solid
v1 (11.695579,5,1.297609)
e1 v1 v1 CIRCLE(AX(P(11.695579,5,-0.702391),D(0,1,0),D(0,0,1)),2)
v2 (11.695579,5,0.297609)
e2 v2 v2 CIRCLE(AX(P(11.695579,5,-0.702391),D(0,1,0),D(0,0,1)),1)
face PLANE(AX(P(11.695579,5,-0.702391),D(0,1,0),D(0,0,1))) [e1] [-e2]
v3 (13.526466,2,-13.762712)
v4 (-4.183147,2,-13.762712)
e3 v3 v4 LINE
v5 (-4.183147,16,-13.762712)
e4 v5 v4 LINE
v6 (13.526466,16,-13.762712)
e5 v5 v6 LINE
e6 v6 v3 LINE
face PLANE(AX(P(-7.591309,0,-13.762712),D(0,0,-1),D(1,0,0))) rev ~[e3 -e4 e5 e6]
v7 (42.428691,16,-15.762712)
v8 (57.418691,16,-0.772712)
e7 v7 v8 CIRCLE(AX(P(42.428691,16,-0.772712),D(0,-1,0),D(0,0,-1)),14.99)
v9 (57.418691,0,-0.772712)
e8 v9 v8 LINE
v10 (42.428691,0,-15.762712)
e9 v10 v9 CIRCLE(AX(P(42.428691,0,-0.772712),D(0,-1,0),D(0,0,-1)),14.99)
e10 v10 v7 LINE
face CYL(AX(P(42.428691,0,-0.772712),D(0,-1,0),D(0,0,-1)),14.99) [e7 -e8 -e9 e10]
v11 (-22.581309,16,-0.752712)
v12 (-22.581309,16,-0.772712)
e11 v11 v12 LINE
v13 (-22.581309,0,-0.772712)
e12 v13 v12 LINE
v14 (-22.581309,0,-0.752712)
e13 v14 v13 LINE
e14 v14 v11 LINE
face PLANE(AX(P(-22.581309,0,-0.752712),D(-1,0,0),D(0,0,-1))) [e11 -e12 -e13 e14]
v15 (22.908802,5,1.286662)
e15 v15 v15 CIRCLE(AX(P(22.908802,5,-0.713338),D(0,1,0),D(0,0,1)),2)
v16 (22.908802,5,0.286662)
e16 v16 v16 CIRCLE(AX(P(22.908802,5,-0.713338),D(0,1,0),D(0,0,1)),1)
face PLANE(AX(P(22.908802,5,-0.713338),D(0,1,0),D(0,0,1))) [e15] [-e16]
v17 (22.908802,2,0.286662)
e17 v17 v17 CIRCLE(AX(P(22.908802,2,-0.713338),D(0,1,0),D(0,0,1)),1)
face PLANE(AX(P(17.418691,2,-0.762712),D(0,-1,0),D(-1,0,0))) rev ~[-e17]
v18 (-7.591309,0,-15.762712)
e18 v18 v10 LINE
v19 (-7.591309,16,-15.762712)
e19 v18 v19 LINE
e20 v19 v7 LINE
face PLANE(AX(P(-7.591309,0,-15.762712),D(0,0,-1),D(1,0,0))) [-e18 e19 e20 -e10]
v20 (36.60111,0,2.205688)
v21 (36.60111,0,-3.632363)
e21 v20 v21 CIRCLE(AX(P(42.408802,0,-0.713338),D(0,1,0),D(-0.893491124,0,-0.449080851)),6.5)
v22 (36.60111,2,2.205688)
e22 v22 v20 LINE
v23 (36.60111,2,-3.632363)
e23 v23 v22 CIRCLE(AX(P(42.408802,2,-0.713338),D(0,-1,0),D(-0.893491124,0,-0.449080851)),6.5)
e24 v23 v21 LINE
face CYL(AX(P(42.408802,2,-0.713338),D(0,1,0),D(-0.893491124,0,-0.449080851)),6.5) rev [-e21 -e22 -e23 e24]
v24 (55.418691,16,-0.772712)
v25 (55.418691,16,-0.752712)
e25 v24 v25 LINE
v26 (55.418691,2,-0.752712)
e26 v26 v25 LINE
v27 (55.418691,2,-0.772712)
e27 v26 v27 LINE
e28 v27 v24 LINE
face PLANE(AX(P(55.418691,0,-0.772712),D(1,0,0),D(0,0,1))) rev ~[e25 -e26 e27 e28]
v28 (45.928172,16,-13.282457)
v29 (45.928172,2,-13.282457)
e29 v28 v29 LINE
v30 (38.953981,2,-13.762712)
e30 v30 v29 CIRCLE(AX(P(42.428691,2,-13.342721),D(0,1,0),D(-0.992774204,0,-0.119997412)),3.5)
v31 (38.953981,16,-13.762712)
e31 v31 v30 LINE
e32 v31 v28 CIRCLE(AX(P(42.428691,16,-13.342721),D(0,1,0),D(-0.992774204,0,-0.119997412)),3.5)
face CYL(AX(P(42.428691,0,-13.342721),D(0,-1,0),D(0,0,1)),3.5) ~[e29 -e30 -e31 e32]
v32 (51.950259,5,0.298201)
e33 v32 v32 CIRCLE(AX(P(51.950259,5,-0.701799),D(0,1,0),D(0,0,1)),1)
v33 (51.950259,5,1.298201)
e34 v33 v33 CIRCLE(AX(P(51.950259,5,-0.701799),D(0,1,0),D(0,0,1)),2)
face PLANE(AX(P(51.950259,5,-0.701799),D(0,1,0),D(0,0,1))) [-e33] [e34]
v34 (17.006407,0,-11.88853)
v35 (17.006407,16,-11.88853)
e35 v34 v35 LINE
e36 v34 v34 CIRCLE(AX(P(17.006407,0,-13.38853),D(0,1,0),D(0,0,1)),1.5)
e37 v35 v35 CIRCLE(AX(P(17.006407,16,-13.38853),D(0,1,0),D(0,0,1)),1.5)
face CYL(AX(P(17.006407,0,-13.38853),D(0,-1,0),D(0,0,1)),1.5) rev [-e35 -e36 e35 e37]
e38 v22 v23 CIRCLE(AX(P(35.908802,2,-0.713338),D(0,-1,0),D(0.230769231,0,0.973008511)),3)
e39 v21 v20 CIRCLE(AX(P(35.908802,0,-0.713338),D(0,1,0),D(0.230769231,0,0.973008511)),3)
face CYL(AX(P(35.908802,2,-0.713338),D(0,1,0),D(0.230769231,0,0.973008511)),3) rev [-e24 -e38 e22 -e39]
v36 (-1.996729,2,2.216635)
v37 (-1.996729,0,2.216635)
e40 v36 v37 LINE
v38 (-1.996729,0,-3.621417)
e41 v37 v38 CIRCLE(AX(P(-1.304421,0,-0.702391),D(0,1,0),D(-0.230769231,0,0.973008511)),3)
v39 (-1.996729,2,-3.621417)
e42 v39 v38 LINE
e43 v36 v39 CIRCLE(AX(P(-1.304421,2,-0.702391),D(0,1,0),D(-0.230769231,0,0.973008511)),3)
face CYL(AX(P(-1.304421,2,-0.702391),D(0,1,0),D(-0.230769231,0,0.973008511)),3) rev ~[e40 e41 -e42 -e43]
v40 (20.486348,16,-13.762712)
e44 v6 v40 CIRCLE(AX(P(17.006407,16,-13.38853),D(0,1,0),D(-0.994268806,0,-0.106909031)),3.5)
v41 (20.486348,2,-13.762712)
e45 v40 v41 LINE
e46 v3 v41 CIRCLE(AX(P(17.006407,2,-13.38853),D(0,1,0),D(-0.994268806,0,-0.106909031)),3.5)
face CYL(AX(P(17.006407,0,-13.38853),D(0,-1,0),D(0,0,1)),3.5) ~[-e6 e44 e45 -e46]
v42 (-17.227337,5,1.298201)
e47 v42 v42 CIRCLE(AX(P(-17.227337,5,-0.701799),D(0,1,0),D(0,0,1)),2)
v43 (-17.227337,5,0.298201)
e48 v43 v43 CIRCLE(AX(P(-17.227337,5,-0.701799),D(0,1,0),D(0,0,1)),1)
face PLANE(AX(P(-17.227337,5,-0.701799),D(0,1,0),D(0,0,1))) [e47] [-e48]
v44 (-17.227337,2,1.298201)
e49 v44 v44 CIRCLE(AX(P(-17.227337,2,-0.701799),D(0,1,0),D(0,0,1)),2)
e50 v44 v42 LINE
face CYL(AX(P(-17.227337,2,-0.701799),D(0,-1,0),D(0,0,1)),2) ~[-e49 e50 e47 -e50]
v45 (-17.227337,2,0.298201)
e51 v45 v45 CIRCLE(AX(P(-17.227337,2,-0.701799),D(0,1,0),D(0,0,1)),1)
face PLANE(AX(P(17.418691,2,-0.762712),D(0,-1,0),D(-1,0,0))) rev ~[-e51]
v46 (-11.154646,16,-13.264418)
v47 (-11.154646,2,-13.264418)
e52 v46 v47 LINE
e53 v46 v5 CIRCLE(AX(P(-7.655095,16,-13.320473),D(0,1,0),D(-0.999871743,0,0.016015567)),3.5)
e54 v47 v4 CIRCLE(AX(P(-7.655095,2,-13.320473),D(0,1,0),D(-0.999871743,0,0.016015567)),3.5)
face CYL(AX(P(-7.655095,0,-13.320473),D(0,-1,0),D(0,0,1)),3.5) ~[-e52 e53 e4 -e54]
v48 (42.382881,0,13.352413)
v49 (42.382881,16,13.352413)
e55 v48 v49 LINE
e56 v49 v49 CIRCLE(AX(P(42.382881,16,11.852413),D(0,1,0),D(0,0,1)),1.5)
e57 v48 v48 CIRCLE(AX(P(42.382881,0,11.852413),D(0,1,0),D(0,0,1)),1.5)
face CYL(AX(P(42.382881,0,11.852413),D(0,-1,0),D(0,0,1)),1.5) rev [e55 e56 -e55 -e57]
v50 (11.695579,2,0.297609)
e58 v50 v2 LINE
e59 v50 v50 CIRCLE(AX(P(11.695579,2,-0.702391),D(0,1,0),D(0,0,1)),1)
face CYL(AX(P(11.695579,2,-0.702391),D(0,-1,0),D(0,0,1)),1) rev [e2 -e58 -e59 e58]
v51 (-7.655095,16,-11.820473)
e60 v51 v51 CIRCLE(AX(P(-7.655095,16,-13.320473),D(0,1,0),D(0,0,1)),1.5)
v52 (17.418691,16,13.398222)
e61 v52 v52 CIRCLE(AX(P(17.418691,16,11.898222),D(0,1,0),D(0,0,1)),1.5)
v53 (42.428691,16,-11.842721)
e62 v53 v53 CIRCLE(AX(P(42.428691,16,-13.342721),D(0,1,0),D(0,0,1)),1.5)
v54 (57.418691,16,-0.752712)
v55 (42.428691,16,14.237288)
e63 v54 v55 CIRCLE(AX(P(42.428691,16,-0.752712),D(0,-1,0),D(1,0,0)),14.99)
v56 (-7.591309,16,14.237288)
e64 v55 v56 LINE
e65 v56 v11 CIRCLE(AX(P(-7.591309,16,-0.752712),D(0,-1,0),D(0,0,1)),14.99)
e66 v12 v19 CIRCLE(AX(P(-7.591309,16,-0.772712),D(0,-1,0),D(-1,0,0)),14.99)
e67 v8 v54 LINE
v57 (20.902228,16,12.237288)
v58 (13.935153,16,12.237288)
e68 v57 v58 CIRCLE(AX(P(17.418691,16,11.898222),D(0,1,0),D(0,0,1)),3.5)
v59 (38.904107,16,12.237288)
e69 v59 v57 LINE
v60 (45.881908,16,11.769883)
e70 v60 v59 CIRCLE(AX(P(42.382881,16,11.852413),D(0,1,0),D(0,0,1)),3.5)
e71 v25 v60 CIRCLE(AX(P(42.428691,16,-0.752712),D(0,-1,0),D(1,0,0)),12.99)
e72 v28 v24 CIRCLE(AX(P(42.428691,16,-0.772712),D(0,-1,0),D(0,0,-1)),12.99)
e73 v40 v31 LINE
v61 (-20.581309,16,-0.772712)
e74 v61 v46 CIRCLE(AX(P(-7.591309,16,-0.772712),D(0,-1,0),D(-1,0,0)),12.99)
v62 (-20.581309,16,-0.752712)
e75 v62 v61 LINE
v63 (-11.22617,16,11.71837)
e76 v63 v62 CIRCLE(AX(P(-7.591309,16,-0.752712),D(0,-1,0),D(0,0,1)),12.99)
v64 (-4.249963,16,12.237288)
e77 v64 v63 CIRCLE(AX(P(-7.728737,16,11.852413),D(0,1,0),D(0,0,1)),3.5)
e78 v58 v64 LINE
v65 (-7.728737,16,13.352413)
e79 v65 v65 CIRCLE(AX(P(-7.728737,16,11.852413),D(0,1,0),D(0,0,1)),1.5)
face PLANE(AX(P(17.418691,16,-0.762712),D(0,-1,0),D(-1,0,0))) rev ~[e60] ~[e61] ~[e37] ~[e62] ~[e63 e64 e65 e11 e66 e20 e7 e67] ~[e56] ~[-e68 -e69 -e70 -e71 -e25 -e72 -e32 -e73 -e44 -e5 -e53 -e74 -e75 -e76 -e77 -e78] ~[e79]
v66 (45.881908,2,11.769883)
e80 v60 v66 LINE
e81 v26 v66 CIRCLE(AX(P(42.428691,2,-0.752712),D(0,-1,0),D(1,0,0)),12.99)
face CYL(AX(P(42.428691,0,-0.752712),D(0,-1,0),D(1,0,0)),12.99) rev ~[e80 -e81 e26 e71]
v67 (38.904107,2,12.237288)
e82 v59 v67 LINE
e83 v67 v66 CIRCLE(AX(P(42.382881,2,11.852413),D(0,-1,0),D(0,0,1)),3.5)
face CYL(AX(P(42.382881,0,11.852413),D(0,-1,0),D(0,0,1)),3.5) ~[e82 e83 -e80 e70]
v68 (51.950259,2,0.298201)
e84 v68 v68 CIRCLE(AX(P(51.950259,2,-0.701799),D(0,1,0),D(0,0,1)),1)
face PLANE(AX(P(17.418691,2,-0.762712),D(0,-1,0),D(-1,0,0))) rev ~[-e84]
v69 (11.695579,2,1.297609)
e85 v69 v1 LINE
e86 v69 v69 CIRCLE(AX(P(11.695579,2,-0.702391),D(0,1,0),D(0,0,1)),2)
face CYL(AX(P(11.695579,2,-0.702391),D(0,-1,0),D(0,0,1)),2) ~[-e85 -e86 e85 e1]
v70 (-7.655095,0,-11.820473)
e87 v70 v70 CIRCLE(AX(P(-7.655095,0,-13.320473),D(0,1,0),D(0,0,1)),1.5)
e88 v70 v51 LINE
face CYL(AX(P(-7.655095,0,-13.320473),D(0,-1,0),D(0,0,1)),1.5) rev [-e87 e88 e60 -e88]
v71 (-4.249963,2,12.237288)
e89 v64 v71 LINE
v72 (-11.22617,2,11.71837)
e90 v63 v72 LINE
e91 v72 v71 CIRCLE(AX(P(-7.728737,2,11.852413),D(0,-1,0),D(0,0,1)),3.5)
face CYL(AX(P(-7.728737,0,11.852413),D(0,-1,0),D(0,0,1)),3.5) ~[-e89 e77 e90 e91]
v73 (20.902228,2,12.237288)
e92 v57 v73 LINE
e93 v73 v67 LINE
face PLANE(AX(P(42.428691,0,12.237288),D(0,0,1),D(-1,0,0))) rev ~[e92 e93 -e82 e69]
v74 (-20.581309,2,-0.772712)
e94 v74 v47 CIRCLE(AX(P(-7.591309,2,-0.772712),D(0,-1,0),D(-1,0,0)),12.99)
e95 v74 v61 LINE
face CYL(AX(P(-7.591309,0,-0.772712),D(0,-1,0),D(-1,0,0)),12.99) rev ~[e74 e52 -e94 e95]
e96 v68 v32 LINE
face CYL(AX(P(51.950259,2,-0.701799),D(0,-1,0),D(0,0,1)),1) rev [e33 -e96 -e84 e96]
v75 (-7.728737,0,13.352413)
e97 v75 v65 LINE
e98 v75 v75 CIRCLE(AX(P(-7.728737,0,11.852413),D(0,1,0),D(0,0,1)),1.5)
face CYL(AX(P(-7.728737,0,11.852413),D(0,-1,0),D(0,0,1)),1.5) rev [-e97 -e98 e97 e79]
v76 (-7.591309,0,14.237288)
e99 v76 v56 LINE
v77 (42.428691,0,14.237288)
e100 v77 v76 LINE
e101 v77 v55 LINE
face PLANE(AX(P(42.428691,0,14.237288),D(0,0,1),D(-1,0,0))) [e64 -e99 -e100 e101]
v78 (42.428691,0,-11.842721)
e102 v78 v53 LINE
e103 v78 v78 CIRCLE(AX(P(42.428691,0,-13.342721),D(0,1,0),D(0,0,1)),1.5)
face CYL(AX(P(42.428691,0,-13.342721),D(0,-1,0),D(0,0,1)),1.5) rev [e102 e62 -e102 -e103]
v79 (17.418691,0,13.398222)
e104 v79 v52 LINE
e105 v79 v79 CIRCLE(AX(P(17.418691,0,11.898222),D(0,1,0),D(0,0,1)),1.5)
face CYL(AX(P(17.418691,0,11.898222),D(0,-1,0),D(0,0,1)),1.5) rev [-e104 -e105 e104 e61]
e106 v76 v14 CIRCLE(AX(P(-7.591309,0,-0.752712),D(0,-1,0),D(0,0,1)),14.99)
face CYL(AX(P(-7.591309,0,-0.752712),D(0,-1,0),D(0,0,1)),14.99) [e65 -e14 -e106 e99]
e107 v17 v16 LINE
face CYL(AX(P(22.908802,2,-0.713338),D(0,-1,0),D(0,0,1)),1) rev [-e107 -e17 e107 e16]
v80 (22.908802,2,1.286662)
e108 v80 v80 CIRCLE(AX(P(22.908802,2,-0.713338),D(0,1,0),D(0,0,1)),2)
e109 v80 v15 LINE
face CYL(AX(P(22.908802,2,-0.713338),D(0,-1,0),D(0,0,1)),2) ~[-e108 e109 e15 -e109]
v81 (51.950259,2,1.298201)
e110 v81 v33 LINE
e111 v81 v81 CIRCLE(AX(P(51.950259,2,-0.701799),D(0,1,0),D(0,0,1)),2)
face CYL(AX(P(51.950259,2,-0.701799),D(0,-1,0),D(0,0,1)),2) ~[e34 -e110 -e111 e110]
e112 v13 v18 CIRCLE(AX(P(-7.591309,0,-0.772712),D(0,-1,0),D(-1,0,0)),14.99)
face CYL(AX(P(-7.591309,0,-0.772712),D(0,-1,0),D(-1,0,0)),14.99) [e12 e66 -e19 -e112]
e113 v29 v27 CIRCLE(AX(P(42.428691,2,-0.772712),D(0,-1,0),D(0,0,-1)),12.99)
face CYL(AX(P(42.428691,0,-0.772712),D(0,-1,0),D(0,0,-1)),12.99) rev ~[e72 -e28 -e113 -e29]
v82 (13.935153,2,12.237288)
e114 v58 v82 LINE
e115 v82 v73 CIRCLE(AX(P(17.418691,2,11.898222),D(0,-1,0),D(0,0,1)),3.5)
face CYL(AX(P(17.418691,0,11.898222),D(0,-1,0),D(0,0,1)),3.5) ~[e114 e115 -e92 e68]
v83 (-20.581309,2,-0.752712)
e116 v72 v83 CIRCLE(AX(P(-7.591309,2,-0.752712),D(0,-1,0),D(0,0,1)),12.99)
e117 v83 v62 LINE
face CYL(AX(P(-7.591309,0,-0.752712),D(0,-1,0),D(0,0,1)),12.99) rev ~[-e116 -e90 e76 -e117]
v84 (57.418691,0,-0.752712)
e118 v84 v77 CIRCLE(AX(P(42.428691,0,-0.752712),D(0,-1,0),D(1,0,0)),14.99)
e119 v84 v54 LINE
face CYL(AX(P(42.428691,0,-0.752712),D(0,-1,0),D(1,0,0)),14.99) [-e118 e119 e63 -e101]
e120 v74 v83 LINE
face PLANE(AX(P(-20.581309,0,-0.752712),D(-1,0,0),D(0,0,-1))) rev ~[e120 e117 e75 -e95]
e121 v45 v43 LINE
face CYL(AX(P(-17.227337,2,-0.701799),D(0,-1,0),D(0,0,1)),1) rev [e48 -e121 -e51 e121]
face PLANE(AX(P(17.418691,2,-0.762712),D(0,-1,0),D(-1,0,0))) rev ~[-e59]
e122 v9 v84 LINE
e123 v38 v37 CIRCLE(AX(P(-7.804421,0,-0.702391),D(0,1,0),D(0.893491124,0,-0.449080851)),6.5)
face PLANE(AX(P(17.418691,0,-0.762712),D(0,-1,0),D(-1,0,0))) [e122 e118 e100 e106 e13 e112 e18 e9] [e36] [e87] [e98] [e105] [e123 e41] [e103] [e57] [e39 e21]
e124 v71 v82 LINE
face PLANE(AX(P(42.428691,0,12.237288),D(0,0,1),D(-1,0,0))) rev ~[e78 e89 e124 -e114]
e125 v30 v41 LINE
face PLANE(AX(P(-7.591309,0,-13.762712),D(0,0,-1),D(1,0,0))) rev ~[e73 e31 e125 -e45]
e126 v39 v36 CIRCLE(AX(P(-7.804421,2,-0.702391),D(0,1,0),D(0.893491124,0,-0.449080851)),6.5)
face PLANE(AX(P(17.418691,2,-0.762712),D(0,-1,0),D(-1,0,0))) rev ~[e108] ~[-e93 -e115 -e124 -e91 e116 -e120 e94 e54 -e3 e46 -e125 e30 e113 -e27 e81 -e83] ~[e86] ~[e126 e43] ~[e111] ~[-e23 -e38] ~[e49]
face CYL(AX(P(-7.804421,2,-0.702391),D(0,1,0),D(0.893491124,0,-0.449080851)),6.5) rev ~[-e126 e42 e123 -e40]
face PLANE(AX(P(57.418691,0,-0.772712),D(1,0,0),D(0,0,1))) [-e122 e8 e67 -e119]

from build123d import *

# Parameters (mm, degrees)
SKETCH3_R            = 1.5
BOSS_EXTRUDE9_DEPTH  = 16
SHELL6_T             = -2
CUT_EXTRUDE3_DEPTH   = 16
SKETCH12_R           = 2
SKETCH12_R_2         = 1
BOSS_EXTRUDE16_DEPTH = 3


with BuildPart() as part:
    # Sketch3 → Boss-Extrude9 (new body)
    with BuildSketch(Plane(origin=(0, 0, 0), x_dir=(1, 0, 0), z_dir=(0, 1, 0))):
        with BuildLine():
            Line((-7.591309311, 15.762711864), (42.428690689, 15.762711864))
            ThreePointArc((42.428690689, 15.762711864), (53.028221339, 11.372242514), (57.418690689, 0.772711864))
            Line((57.418690689, 0.772711864), (57.418690689, 0.752711864))
            ThreePointArc((57.418690689, 0.752711864), (53.028221339, -9.846818786), (42.428690689, -14.237288136))
            Line((42.428690689, -14.237288136), (-7.591309311, -14.237288136))
            ThreePointArc((-7.591309311, -14.237288136), (-18.190839961, -9.846818786), (-22.581309311, 0.752711864))
            Line((-22.581309311, 0.752711864), (-22.581309311, 0.772711864))
            ThreePointArc((-22.581309311, 0.772711864), (-18.190839961, 11.372242514), (-7.591309311, 15.762711864))
        make_face()
        with Locations(Location((-7.655094993, 13.320472835, 0), (0, 0, 270))):
            Circle(SKETCH3_R, mode=Mode.SUBTRACT)
        with Locations(Location((-7.728737311, -11.852412523, 0), (0, 0, 270))):
            Circle(SKETCH3_R, mode=Mode.SUBTRACT)
        with Locations(Location((17.418690689, -11.898221857, 0), (0, 0, 270))):
            Circle(SKETCH3_R, mode=Mode.SUBTRACT)
        with Locations(Location((17.006406688, 13.388530255, 0), (0, 0, 270))):
            Circle(SKETCH3_R, mode=Mode.SUBTRACT)
        with Locations(Location((42.428690689, 13.342720921, 0), (0, 0, 270))):
            Circle(SKETCH3_R, mode=Mode.SUBTRACT)
        with Locations(Location((42.382881356, -11.852412523, 0), (0, 0, 270))):
            Circle(SKETCH3_R, mode=Mode.SUBTRACT)
    extrude(amount=BOSS_EXTRUDE9_DEPTH)

    # Shell6
    shell6_openings = [part.faces().sort_by_distance(p)[0] for p in [
        (17.420843578, 16, -0.763128508),
    ]]
    offset(amount=SHELL6_T, openings=shell6_openings)

    # Sketch6 → Cut-Extrude3 (cut)
    with BuildSketch(Plane(origin=(0, 2, 0), x_dir=(1, 0, 0), z_dir=(0, 1, 0))):
        with BuildLine():
            ThreePointArc((36.601110118, 3.632363117), (48.908802425, 0.713337584), (36.601110118, -2.205687948))
            ThreePointArc((36.601110118, -2.205687948), (32.908802425, 0.713337584), (36.601110118, 3.632363117))
        make_face()
        with BuildLine():
            ThreePointArc((-1.996728909, 3.621416563), (-14.304421217, 0.70239103), (-1.996728909, -2.216634502))
            ThreePointArc((-1.996728909, -2.216634502), (1.695578783, 0.70239103), (-1.996728909, 3.621416563))
        make_face()
    extrude(amount=-CUT_EXTRUDE3_DEPTH, mode=Mode.SUBTRACT)

    # Sketch12 → Boss-Extrude16 (add)
    with BuildSketch(Plane(origin=(0, 2, 0), x_dir=(1, 0, 0), z_dir=(0, 1, 0))):
        with Locations(Location((51.950259108, 0.701799296, 0), (0, 0, 270))):
            Circle(SKETCH12_R)
        with Locations(Location((51.950259108, 0.701799296, 0), (0, 0, 270))):
            Circle(SKETCH12_R_2, mode=Mode.SUBTRACT)
        with Locations(Location((-17.227337288, 0.701799296, 0), (0, 0, 270))):
            Circle(SKETCH12_R)
        with Locations(Location((-17.227337288, 0.701799296, 0), (0, 0, 270))):
            Circle(SKETCH12_R_2, mode=Mode.SUBTRACT)
        with Locations(Location((11.695578783, 0.70239103, 0), (0, 0, 270))):
            Circle(SKETCH12_R)
        with Locations(Location((11.695578783, 0.70239103, 0), (0, 0, 270))):
            Circle(SKETCH12_R_2, mode=Mode.SUBTRACT)
        with Locations(Location((22.908802425, 0.713337584, 0), (0, 0, 270))):
            Circle(SKETCH12_R)
        with Locations(Location((22.908802425, 0.713337584, 0), (0, 0, 270))):
            Circle(SKETCH12_R_2, mode=Mode.SUBTRACT)
    extrude(amount=BOSS_EXTRUDE16_DEPTH)


solid = part.part
